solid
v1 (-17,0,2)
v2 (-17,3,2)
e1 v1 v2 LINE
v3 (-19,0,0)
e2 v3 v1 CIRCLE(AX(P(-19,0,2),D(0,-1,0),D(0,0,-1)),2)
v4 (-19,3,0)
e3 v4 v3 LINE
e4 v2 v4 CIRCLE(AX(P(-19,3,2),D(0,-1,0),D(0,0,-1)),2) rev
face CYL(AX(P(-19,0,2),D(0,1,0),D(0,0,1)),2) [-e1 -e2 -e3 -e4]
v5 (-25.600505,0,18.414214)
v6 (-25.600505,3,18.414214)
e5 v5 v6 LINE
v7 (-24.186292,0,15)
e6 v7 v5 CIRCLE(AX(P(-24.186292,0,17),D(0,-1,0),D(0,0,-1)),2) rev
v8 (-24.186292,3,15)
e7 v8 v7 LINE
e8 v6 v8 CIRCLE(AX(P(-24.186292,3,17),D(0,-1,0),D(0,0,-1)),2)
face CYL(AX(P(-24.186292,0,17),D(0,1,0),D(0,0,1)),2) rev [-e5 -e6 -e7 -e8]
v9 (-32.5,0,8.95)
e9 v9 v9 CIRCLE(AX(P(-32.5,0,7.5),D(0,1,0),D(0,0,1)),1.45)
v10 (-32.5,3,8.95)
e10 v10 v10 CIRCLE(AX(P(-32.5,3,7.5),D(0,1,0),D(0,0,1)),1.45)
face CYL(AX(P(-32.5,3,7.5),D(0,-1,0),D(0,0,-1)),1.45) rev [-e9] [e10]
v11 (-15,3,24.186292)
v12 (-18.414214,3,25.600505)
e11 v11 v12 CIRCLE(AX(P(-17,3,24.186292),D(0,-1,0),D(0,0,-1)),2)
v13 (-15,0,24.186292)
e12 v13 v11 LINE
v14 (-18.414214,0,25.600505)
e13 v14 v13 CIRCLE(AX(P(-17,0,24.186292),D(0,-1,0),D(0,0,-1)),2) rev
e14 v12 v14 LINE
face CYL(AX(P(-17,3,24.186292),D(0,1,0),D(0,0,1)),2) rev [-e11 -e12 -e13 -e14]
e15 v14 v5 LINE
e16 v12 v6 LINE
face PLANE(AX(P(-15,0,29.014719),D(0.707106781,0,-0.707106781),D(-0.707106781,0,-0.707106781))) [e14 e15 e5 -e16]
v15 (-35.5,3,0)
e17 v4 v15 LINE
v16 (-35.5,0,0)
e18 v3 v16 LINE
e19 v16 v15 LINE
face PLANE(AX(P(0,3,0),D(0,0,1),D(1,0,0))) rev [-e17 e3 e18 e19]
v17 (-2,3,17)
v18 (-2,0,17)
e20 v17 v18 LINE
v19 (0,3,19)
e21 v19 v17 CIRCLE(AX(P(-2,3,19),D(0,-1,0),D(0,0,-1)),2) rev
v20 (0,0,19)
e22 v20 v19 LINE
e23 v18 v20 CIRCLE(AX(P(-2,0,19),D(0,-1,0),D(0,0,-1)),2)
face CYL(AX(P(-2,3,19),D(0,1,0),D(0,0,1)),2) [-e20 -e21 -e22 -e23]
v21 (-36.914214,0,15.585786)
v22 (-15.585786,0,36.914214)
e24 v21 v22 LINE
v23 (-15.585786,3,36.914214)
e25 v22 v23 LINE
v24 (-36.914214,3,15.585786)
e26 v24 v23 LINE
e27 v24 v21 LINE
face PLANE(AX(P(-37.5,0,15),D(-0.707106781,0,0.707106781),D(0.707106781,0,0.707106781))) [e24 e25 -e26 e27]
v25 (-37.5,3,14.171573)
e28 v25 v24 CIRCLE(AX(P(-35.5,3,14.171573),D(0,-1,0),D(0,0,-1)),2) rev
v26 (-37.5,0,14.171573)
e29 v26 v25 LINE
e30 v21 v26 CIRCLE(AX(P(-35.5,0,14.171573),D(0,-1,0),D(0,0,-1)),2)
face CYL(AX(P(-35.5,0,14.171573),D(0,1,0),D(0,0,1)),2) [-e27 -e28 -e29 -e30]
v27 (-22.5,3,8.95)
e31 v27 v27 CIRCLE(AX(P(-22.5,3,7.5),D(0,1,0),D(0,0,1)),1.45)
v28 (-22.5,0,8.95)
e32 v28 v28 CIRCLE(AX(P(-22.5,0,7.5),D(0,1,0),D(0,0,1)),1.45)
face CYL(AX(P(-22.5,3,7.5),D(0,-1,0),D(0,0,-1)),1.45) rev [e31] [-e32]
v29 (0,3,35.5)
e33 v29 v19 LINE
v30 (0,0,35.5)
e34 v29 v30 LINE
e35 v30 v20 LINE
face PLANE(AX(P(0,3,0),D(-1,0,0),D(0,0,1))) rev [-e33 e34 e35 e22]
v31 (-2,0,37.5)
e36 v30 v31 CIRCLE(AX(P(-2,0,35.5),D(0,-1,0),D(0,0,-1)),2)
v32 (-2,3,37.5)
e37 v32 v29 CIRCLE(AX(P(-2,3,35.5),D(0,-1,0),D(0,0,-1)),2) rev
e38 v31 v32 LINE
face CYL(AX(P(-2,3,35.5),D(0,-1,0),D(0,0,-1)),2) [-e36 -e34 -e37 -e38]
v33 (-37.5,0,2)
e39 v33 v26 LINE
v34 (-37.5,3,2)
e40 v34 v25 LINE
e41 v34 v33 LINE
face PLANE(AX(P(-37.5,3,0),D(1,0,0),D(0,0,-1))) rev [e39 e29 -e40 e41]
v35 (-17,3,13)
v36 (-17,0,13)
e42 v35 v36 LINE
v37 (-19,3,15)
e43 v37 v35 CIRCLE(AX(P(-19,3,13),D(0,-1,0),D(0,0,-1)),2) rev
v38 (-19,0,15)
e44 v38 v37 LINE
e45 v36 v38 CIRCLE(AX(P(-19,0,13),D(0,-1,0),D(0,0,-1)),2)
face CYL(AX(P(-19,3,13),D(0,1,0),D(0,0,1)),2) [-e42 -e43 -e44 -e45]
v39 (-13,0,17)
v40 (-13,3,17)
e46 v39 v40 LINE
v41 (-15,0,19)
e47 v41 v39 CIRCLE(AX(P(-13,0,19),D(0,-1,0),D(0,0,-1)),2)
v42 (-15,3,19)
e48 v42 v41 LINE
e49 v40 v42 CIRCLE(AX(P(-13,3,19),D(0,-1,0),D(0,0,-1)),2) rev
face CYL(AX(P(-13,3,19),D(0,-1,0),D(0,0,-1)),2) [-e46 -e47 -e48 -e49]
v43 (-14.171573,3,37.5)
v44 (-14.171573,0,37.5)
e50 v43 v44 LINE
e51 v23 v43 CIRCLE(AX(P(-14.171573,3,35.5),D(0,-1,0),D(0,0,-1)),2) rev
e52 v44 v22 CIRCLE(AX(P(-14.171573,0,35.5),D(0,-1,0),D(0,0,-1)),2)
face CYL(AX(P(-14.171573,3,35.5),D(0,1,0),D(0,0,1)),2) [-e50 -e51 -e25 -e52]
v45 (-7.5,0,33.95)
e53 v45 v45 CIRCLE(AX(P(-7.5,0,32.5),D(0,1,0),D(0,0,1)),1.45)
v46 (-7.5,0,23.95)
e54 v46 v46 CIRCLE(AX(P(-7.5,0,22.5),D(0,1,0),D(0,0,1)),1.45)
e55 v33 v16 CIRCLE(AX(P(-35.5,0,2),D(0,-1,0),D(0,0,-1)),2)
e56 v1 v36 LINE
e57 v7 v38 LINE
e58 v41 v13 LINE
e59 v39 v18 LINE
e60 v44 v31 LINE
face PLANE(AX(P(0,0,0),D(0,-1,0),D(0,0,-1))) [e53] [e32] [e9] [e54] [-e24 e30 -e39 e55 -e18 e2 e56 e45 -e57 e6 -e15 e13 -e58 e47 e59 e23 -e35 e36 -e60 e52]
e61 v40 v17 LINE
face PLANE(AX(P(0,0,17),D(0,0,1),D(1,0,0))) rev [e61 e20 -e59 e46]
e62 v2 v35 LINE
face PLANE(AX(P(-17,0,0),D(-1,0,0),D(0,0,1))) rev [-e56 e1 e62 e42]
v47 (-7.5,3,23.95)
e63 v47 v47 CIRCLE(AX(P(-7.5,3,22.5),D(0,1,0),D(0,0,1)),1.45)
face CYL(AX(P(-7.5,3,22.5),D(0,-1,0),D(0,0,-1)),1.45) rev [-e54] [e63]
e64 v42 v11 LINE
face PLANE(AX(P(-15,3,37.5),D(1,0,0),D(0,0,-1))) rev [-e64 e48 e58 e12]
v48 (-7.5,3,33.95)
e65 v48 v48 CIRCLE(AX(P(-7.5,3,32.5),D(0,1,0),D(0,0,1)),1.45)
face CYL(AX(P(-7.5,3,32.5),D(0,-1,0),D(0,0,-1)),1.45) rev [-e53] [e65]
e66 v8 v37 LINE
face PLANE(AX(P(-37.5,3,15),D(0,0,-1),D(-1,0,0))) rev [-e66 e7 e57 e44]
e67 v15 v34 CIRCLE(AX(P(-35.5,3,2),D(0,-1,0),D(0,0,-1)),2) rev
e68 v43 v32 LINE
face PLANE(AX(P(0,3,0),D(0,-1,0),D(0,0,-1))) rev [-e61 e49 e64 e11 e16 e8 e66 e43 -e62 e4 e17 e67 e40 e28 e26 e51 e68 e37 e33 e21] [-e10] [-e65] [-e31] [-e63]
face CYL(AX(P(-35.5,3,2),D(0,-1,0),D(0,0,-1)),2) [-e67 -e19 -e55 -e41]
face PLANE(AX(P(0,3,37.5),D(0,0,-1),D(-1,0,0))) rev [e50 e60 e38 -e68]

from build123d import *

# Parameters (mm, degrees)
SKETCH_1_R          = 1.45
EXTRUDE_1_DEPTH     = 3
EXTRUDE_2_DEPTH     = 3
SKETCH_3_W          = 17
SKETCH_3_H          = 17
CUT_EXTRUDE_1_DEPTH = 54.117793629
FILLET_1_R          = 2


with BuildPart() as part:
    # 草图1 → 凸台-拉伸1 (new body)
    with BuildSketch(Plane(origin=(0, 0, 0), x_dir=(1, 0, 0), z_dir=(0, 1, 0))):
        Polygon((0, 0), (-37.5, 0), (-37.5, -15), (-15, -15), (-15, -37.5), (0, -37.5), align=None)
        with Locations(Location((-7.5, -7.5, 0), (0, 0, 270))):
            Circle(SKETCH_1_R, mode=Mode.SUBTRACT)
        with Locations(Location((-22.5, -7.5, 0), (0, 0, 270))):
            Circle(SKETCH_1_R, mode=Mode.SUBTRACT)
        with Locations(Location((-32.5, -7.5, 0), (0, 0, 270))):
            Circle(SKETCH_1_R, mode=Mode.SUBTRACT)
        with Locations(Location((-7.5, -22.5, 0), (0, 0, 270))):
            Circle(SKETCH_1_R, mode=Mode.SUBTRACT)
        with Locations(Location((-7.5, -32.5, 0), (0, 0, 270))):
            Circle(SKETCH_1_R, mode=Mode.SUBTRACT)
    extrude(amount=EXTRUDE_1_DEPTH)

    # 草图2 → 凸台-拉伸2 (add)
    with BuildSketch(Plane(origin=(0, 3, 0), x_dir=(1, 0, 0), z_dir=(0, 1, 0))):
        Polygon((-37.5, -15), (-15, -37.5), (-15, -29.014718626), (-29.014718626, -15), align=None)
    extrude(amount=-EXTRUDE_2_DEPTH)

    # 草图3 → 切除-拉伸1 (cut, through all)
    with BuildSketch(Plane(origin=(0, 3, 0), x_dir=(1, 0, 0), z_dir=(0, 1, 0))):
        with Locations((-8.5, -8.5)):
            Rectangle(SKETCH_3_W, SKETCH_3_H)
    extrude(amount=-CUT_EXTRUDE_1_DEPTH, mode=Mode.SUBTRACT)

    # 圆角1
    fillet_1_edges = [part.edges().sort_by_distance(p)[0] for p in [
        (0, 1.5, 37.5),
        (-15, 1.5, 37.5),
        (-37.5, 1.5, 15),
        (-37.5, 1.5, 0),
        (-29.014718626, 1.5, 15),
        (-15, 1.5, 29.014718626),
        (-15, 1.5, 17),
        (-17, 1.5, 15),
        (0, 1.5, 17),
        (-17, 1.5, 0),
    ]]
    fillet(fillet_1_edges, radius=FILLET_1_R)


solid = part.part
